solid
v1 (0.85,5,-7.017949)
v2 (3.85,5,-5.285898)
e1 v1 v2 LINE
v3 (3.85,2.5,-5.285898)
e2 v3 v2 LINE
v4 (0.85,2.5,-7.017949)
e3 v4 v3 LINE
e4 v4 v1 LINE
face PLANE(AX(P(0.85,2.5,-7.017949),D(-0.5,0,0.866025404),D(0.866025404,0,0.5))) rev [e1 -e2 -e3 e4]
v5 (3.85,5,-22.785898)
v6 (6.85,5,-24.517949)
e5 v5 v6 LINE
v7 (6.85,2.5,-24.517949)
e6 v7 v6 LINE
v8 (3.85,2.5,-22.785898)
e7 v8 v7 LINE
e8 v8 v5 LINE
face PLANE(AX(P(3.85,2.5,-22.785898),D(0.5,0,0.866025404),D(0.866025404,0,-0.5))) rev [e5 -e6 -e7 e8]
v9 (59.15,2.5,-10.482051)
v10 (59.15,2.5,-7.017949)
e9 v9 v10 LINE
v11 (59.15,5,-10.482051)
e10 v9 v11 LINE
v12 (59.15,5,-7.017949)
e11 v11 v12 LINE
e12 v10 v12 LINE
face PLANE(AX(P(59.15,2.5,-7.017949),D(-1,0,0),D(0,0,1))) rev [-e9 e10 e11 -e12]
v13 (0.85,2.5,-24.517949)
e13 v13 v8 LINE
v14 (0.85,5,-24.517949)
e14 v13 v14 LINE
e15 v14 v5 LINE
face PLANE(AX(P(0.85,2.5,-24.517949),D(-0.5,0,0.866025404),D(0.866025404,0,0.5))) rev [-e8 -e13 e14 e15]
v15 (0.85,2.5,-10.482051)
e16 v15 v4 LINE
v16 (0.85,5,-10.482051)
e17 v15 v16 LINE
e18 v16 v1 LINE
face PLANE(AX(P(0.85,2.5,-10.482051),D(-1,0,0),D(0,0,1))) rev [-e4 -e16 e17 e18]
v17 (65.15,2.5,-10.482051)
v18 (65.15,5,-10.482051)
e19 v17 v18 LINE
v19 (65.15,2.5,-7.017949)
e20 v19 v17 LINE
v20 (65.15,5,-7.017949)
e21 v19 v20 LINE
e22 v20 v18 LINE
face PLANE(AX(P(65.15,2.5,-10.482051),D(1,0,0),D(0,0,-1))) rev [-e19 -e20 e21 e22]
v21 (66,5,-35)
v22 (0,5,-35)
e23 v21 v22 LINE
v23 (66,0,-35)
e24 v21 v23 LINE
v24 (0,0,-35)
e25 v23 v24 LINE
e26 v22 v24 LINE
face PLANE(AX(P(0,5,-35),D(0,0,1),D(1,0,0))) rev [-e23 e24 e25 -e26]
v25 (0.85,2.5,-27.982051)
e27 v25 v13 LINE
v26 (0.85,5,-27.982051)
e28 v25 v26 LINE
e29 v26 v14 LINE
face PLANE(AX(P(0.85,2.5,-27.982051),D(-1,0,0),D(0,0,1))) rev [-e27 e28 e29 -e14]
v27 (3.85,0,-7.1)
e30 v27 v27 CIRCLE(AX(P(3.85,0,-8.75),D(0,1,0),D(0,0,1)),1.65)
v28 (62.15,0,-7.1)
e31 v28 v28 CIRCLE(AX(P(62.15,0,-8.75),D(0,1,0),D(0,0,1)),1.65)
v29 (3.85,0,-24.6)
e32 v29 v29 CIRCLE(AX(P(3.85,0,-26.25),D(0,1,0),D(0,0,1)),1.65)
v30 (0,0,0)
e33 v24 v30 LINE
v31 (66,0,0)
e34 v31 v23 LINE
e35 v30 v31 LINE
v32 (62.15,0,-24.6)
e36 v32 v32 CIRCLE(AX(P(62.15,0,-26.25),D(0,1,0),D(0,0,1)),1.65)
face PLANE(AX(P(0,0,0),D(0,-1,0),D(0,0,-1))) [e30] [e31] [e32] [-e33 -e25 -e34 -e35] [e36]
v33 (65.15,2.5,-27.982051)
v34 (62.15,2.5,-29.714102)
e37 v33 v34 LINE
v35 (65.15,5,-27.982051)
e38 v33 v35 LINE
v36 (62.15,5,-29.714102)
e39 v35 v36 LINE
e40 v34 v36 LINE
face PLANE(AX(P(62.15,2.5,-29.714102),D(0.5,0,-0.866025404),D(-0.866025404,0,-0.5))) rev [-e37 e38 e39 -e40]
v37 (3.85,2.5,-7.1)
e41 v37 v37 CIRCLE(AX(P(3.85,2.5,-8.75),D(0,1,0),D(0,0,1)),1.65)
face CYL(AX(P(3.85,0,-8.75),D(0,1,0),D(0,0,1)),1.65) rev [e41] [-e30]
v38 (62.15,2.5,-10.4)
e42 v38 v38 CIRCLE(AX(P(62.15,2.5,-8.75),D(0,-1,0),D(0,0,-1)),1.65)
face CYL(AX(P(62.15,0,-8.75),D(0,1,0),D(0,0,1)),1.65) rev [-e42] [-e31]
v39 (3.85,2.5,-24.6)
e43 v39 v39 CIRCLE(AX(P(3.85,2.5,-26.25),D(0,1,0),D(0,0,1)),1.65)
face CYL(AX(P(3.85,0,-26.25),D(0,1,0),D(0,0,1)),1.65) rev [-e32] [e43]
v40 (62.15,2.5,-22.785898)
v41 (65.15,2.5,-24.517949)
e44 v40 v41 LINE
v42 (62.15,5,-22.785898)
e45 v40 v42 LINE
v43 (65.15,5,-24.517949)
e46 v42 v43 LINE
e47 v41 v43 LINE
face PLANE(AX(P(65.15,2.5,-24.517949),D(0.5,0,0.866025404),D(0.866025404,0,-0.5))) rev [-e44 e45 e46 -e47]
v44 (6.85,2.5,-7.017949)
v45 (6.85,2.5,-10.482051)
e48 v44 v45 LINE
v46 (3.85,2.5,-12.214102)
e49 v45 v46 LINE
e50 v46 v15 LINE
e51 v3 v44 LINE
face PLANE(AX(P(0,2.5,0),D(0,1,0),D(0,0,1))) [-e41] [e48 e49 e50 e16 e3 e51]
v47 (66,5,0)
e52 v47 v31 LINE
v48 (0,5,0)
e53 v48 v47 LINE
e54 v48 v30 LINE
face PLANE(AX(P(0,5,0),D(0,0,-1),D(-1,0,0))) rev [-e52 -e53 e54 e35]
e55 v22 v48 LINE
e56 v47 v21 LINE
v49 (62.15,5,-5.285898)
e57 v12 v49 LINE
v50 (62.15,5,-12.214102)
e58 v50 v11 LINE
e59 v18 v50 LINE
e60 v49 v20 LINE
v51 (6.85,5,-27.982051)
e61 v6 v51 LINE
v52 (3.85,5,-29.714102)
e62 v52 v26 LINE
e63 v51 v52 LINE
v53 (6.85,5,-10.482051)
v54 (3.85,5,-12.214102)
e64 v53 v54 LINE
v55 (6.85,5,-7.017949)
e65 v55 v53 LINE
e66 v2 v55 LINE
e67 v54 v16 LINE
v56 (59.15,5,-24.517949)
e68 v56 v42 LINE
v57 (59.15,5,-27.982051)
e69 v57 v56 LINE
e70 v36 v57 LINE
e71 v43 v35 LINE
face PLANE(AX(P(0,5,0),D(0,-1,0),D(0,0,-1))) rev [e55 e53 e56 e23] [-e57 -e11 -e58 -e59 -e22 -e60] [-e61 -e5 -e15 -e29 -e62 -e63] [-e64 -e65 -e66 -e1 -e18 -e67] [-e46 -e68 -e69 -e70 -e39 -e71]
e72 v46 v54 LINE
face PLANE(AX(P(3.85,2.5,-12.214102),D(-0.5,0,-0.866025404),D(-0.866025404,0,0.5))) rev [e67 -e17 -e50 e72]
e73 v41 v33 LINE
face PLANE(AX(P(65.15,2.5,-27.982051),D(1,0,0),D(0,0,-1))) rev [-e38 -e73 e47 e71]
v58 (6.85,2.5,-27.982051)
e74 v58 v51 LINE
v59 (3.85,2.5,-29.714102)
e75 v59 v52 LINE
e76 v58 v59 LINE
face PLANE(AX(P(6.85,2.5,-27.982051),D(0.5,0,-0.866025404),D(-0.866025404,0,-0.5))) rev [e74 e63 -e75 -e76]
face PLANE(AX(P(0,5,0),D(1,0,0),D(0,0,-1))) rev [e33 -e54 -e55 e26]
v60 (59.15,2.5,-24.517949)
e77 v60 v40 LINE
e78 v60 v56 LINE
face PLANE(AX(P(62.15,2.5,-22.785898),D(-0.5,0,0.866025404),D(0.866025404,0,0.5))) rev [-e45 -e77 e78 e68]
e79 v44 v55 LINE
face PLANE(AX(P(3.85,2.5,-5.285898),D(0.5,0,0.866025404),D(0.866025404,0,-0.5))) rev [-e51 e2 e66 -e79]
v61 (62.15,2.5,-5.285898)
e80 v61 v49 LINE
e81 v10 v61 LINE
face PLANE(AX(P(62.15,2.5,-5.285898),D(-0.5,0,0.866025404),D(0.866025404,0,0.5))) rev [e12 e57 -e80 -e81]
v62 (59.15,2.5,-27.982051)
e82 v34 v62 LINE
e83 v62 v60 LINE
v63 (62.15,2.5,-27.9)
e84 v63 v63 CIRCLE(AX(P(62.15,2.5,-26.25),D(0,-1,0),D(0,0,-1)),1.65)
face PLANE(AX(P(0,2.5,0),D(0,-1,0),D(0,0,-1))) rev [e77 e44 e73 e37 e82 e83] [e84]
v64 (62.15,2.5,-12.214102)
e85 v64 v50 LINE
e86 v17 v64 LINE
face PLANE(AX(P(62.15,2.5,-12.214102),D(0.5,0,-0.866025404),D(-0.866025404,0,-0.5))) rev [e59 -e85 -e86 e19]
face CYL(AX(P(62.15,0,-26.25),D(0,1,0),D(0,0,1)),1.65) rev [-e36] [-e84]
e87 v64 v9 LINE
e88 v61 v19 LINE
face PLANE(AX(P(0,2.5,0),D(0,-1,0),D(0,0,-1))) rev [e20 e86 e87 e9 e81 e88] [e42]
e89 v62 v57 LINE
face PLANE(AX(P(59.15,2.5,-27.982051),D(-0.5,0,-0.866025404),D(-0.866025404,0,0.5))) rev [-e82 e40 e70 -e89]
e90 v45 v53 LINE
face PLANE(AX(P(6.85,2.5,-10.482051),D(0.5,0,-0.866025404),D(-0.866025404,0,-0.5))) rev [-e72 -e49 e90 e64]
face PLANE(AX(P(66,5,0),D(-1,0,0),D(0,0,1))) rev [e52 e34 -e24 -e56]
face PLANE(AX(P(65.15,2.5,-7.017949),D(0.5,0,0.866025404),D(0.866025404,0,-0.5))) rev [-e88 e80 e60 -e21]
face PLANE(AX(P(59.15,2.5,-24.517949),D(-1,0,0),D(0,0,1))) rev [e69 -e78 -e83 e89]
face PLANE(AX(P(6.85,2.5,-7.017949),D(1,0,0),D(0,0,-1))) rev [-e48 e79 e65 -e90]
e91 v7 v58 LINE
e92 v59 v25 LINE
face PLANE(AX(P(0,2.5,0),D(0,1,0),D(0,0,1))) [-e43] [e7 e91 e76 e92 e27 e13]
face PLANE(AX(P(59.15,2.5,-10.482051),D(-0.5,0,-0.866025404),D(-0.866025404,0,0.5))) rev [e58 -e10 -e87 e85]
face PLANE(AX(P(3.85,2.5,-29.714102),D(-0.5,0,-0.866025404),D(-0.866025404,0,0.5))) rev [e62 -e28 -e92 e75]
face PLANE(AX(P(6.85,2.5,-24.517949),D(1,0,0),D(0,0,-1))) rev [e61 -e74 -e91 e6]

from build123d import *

# Parameters (mm, degrees)
SKETCH1_W           = 66
SKETCH1_H           = 35
BOSS_EXTRUDE1_DEPTH = 5
CUT_EXTRUDE1_DEPTH  = 2.5
SKETCH3_R           = 1.65
CUT_EXTRUDE3_DEPTH  = 75.873226189


with BuildPart() as part:
    # Sketch1 → Boss-Extrude1 (new body)
    with BuildSketch(Plane(origin=(0, 0, 0), x_dir=(1, 0, 0), z_dir=(0, 1, 0))):
        with Locations((33, 17.5)):
            Rectangle(SKETCH1_W, SKETCH1_H)
    extrude(amount=BOSS_EXTRUDE1_DEPTH)

    # Sketch2 → Cut-Extrude1 (cut)
    with BuildSketch(Plane(origin=(0, 5, 0), x_dir=(1, 0, 0), z_dir=(0, 1, 0))):
        Polygon((65.15, 7.017949192), (62.15, 5.285898385), (59.15, 7.017949192), (59.15, 10.482050808), (62.15, 12.214101615), (65.15, 10.482050808), align=None)
        Polygon((3.85, 29.714101615), (0.85, 27.982050808), (0.85, 24.517949192), (3.85, 22.785898385), (6.85, 24.517949192), (6.85, 27.982050808), align=None)
        Polygon((3.85, 5.285898385), (6.85, 7.017949192), (6.85, 10.482050808), (3.85, 12.214101615), (0.85, 10.482050808), (0.85, 7.017949192), align=None)
        Polygon((59.15, 27.982050808), (62.15, 29.714101615), (65.15, 27.982050808), (65.15, 24.517949192), (62.15, 22.785898385), (59.15, 24.517949192), align=None)
    extrude(amount=-CUT_EXTRUDE1_DEPTH, mode=Mode.SUBTRACT)

    # Sketch3 → Cut-Extrude3 (cut, through all)
    with BuildSketch(Plane(origin=(0, 5, 0), x_dir=(1, 0, 0), z_dir=(0, 1, 0))):
        with Locations(Location((3.85, 8.75, 0), (0, 0, 270))):
            Circle(SKETCH3_R)
        with Locations(Location((3.85, 26.25, 0), (0, 0, 270))):
            Circle(SKETCH3_R)
        with Locations(Location((62.15, 26.25, 0), (0, 0, 270))):
            Circle(SKETCH3_R)
        with Locations(Location((62.15, 8.75, 0), (0, 0, 270))):
            Circle(SKETCH3_R)
    extrude(amount=-CUT_EXTRUDE3_DEPTH, mode=Mode.SUBTRACT)


solid = part.part
